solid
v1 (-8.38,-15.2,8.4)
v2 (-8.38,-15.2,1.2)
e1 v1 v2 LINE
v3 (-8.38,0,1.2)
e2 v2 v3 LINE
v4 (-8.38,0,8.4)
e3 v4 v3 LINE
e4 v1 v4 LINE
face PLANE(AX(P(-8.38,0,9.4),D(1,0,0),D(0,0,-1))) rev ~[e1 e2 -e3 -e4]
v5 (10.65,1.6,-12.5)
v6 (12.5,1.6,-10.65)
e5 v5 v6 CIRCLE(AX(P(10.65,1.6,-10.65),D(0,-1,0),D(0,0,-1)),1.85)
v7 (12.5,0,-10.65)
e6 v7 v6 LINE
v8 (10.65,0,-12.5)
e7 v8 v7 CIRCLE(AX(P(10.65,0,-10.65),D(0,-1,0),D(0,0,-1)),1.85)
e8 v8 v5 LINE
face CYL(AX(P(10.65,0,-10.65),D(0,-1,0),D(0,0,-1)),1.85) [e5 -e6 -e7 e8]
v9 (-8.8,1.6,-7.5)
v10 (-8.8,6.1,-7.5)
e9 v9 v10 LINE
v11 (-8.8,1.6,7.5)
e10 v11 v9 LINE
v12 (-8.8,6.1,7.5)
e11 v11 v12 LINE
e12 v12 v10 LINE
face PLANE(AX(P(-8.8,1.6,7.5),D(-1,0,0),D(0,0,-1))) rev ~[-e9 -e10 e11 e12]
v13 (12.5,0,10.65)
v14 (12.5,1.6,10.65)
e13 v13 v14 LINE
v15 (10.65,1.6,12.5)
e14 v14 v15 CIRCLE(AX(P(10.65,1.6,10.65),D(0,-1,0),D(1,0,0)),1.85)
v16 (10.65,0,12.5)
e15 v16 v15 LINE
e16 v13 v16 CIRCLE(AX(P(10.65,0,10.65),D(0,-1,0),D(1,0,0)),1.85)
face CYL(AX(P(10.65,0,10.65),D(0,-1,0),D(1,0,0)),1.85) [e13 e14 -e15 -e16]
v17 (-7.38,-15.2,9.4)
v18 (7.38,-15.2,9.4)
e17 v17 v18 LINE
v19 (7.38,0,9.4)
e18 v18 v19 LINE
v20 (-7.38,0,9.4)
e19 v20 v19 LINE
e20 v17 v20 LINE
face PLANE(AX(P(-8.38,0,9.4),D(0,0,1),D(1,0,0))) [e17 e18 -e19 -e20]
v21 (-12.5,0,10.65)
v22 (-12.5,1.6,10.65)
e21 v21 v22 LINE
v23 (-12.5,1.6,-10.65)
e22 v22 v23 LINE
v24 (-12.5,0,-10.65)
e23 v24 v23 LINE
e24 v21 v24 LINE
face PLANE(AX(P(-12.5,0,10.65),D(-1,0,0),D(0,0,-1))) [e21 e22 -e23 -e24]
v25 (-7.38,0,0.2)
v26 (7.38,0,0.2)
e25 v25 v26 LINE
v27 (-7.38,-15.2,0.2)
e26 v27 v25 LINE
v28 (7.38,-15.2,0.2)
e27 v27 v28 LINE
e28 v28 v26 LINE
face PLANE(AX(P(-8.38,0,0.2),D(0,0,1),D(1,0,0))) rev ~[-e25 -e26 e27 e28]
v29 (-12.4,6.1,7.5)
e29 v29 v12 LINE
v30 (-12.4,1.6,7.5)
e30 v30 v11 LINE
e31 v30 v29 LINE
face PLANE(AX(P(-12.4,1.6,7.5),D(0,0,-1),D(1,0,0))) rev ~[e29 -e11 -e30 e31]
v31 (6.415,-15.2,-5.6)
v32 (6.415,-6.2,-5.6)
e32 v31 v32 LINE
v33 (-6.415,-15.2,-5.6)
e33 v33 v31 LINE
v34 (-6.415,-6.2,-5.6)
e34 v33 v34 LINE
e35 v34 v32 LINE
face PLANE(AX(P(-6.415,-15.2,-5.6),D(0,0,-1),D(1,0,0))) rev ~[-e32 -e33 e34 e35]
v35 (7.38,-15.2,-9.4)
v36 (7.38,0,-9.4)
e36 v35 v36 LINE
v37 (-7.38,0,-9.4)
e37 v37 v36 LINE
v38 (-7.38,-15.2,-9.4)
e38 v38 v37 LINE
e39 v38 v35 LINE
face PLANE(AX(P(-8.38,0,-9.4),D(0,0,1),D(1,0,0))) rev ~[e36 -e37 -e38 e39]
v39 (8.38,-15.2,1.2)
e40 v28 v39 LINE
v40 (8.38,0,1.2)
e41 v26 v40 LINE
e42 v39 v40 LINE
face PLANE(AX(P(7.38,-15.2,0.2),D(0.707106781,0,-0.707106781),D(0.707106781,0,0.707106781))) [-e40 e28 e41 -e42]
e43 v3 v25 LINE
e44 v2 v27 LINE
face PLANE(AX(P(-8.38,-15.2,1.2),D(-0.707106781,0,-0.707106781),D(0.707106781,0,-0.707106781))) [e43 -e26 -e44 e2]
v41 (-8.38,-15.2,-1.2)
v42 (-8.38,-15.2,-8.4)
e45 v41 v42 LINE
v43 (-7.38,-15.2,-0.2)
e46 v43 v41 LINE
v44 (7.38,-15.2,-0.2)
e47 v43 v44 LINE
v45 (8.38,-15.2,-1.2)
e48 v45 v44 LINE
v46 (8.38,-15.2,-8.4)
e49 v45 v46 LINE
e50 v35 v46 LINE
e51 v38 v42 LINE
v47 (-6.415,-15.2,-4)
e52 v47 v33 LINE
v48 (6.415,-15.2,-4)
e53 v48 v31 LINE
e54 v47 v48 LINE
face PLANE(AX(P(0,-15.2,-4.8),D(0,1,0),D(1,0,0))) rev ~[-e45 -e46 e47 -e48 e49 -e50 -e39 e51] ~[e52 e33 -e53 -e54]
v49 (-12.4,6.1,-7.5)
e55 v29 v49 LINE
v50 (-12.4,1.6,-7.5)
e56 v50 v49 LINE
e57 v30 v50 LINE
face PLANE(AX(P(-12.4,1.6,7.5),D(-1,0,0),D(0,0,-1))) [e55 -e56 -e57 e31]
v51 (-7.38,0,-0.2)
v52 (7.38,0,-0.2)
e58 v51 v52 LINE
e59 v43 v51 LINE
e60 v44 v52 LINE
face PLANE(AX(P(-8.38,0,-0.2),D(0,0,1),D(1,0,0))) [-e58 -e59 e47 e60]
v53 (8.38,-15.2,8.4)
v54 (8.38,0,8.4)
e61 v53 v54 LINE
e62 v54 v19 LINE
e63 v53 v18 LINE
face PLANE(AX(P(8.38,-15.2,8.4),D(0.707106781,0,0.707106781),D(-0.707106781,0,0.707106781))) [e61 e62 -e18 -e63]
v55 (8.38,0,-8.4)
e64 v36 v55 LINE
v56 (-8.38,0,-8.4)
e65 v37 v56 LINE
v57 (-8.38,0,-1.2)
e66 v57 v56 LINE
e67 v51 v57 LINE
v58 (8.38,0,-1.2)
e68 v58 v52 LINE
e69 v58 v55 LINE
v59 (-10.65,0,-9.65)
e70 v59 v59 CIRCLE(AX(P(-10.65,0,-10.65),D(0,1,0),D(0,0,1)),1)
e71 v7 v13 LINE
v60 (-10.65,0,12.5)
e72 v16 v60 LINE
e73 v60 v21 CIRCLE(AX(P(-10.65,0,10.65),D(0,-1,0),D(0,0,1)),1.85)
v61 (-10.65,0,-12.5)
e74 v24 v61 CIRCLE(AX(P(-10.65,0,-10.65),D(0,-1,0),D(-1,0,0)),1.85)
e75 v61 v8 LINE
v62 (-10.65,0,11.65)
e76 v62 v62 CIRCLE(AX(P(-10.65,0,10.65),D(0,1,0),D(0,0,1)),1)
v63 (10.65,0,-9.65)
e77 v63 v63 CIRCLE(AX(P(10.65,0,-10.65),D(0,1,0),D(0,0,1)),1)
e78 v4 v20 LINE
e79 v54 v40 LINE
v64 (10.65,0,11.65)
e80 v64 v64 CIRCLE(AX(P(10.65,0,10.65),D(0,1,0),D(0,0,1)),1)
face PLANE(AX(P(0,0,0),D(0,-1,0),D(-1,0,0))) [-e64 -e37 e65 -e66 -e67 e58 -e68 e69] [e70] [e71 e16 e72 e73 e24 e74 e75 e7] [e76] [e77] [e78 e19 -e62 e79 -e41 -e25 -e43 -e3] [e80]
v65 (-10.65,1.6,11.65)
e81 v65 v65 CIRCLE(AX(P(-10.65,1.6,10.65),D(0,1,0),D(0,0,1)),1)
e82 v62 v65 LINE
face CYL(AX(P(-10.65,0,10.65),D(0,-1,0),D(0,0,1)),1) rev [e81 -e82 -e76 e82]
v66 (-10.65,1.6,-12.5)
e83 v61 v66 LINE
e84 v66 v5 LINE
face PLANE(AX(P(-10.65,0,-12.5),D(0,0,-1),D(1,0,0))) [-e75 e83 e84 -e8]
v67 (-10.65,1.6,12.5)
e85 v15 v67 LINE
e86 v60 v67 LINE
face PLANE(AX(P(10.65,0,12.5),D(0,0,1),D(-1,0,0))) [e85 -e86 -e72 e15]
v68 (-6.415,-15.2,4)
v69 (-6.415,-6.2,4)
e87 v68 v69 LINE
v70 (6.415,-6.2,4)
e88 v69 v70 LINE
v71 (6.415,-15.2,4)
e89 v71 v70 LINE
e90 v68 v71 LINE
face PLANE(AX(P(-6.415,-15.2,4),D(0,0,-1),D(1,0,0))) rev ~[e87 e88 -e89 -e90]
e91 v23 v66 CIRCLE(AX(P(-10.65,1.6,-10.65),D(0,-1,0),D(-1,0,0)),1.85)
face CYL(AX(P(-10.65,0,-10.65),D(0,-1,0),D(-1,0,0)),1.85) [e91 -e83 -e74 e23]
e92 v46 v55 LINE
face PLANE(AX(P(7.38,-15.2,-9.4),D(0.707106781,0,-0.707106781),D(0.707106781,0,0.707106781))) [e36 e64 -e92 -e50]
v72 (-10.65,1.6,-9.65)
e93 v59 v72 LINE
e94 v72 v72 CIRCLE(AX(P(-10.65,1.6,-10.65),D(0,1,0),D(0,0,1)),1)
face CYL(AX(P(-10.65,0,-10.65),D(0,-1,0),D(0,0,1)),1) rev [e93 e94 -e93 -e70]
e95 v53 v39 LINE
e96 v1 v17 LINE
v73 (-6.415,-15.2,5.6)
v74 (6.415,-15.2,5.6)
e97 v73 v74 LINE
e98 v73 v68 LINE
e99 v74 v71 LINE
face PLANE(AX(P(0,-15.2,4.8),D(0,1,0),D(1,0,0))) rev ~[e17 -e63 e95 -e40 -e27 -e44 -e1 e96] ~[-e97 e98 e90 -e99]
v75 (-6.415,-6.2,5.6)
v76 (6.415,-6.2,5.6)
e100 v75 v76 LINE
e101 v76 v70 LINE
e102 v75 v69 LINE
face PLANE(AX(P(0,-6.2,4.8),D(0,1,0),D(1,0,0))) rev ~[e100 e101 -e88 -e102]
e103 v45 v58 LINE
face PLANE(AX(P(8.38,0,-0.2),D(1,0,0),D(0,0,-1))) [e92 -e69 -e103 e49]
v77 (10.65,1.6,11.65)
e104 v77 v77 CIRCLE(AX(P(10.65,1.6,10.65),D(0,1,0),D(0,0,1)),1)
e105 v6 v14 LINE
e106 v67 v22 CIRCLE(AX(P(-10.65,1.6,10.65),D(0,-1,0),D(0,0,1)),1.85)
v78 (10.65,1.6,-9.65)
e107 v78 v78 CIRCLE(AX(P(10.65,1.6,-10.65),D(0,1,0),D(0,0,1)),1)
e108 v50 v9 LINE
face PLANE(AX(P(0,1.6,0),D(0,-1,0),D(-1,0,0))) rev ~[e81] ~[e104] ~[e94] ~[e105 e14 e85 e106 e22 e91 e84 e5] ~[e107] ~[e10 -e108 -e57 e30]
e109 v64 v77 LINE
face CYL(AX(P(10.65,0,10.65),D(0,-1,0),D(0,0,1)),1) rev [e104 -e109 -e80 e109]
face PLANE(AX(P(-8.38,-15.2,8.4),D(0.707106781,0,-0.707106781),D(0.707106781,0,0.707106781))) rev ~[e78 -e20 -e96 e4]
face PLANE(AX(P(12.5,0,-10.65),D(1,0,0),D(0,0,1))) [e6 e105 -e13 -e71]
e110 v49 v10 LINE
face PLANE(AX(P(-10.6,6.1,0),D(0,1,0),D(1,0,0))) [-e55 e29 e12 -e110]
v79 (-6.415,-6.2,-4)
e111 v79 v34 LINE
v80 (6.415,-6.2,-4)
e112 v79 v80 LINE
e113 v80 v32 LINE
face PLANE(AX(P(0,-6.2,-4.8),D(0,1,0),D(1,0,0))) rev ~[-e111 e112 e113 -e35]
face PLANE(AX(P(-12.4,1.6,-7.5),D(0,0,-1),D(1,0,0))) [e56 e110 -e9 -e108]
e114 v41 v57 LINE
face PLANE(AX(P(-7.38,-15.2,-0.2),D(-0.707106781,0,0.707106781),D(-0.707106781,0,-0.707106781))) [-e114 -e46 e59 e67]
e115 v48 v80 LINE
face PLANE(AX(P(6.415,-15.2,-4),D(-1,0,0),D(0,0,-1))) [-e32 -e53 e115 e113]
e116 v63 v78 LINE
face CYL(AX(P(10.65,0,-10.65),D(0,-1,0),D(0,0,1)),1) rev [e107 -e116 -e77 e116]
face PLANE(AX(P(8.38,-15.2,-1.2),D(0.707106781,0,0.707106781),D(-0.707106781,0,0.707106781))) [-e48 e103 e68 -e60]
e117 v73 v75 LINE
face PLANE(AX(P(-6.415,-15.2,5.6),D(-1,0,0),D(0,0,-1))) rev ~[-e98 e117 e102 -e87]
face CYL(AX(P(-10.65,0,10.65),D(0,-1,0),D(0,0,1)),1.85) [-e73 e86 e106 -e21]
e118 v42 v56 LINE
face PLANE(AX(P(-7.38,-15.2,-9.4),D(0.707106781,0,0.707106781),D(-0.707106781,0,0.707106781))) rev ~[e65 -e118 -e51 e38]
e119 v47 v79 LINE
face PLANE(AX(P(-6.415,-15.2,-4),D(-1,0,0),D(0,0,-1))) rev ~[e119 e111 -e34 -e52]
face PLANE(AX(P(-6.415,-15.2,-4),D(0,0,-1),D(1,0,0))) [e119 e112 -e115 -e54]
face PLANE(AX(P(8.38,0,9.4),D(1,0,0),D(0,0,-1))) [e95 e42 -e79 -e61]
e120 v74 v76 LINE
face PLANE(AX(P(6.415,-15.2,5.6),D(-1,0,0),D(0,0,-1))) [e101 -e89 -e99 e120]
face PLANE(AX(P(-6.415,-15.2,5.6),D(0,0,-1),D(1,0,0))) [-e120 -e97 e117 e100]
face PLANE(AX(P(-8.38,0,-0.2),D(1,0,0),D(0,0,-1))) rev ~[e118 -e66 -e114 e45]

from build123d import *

# Parameters (mm, degrees)
SKETCH_1_R          = 1
EXTRUDE_1_DEPTH     = 1.6
SKETCH_2_W          = 16.76
SKETCH_2_H          = 9.2
EXTRUDE_2_DEPTH     = 15.2
CUT_EXTRUDE_START   = -15.2
SKETCH_3_W          = 12.83
SKETCH_3_H          = 1.6
CUT_EXTRUDE_2_DEPTH = 9
CUT_EXTRUDE_3_DEPTH = 15.2
EXTRUDE_START       = 1.6
SKETCH_7_W          = 3.6
SKETCH_7_H          = 15
EXTRUDE_4_DEPTH     = 4.5


with BuildPart() as part:
    # 草图1 → 凸台-拉伸1 (new body)
    with BuildSketch(Plane(origin=(0, 0, 0), x_dir=(1, 0, 0), z_dir=(0, 1, 0))):
        with BuildLine():
            Line((-10.65, 12.5), (10.65, 12.5))
            ThreePointArc((10.65, 12.5), (11.958147545, 11.958147545), (12.5, 10.65))
            Line((12.5, 10.65), (12.5, -10.65))
            ThreePointArc((12.5, -10.65), (11.958147545, -11.958147545), (10.65, -12.5))
            Line((10.65, -12.5), (-10.65, -12.5))
            ThreePointArc((-10.65, -12.5), (-11.958147545, -11.958147545), (-12.5, -10.65))
            Line((-12.5, -10.65), (-12.5, 10.65))
            ThreePointArc((-12.5, 10.65), (-11.958147545, 11.958147545), (-10.65, 12.5))
        make_face()
        with Locations(Location((-10.65, 10.65, 0), (0, 0, 270))):
            Circle(SKETCH_1_R, mode=Mode.SUBTRACT)
        with Locations(Location((-10.65, -10.65, 0), (0, 0, 270))):
            Circle(SKETCH_1_R, mode=Mode.SUBTRACT)
        with Locations(Location((10.65, -10.65, 0), (0, 0, 270))):
            Circle(SKETCH_1_R, mode=Mode.SUBTRACT)
        with Locations(Location((10.65, 10.65, 0), (0, 0, 270))):
            Circle(SKETCH_1_R, mode=Mode.SUBTRACT)
    extrude(amount=EXTRUDE_1_DEPTH)

    # 草图2 → 凸台-拉伸2 (add)
    with BuildSketch(Plane(origin=(0, 0, 0), x_dir=(1, 0, 0), z_dir=(0, 1, 0))):
        with Locations((0, 4.8)):
            Rectangle(SKETCH_2_W, SKETCH_2_H)
        with Locations((0, -4.8)):
            Rectangle(SKETCH_2_W, SKETCH_2_H)
    extrude(amount=-EXTRUDE_2_DEPTH)

    # 草图3 → 切除-拉伸2 (cut)
    with BuildSketch(Plane(origin=(0, 0, 0), x_dir=(1, 0, 0), z_dir=(0, 1, 0)).offset(CUT_EXTRUDE_START)):
        with Locations((0, -4.8)):
            Rectangle(SKETCH_3_W, SKETCH_3_H)
        with Locations((0, 4.8)):
            Rectangle(SKETCH_3_W, SKETCH_3_H)
    extrude(amount=CUT_EXTRUDE_2_DEPTH, mode=Mode.SUBTRACT)

    # 草图5 → 切除-拉伸3 (cut)
    with BuildSketch(Plane(origin=(0, 0, 0), x_dir=(1, 0, 0), z_dir=(0, 1, 0)).offset(CUT_EXTRUDE_START)):
        Polygon((-8.38, -9.4), (-8.38, -8.4), (-7.38, -9.4), align=None)
        Polygon((7.38, -9.4), (8.38, -9.4), (8.38, -8.4), align=None)
        Polygon((-8.38, -0.2), (-8.38, -1.2), (-7.38, -0.2), align=None)
        Polygon((8.38, -0.2), (7.38, -0.2), (8.38, -1.2), align=None)
        Polygon((-8.38, 0.2), (-7.38, 0.2), (-8.38, 1.2), align=None)
        Polygon((-8.38, 9.4), (-7.38, 9.4), (-8.38, 8.4), align=None)
        Polygon((8.38, 9.4), (7.38, 9.4), (8.38, 8.4), align=None)
        Polygon((7.38, 0.2), (8.38, 0.2), (8.38, 1.2), align=None)
    extrude(amount=CUT_EXTRUDE_3_DEPTH, mode=Mode.SUBTRACT)

    # 草图7 → 凸台-拉伸4 (add)
    with BuildSketch(Plane(origin=(0, 0, 0), x_dir=(1, 0, 0), z_dir=(0, 1, 0)).offset(EXTRUDE_START)):
        with Locations((-10.6, 0)):
            Rectangle(SKETCH_7_W, SKETCH_7_H)
    extrude(amount=EXTRUDE_4_DEPTH)


solid = part.part
